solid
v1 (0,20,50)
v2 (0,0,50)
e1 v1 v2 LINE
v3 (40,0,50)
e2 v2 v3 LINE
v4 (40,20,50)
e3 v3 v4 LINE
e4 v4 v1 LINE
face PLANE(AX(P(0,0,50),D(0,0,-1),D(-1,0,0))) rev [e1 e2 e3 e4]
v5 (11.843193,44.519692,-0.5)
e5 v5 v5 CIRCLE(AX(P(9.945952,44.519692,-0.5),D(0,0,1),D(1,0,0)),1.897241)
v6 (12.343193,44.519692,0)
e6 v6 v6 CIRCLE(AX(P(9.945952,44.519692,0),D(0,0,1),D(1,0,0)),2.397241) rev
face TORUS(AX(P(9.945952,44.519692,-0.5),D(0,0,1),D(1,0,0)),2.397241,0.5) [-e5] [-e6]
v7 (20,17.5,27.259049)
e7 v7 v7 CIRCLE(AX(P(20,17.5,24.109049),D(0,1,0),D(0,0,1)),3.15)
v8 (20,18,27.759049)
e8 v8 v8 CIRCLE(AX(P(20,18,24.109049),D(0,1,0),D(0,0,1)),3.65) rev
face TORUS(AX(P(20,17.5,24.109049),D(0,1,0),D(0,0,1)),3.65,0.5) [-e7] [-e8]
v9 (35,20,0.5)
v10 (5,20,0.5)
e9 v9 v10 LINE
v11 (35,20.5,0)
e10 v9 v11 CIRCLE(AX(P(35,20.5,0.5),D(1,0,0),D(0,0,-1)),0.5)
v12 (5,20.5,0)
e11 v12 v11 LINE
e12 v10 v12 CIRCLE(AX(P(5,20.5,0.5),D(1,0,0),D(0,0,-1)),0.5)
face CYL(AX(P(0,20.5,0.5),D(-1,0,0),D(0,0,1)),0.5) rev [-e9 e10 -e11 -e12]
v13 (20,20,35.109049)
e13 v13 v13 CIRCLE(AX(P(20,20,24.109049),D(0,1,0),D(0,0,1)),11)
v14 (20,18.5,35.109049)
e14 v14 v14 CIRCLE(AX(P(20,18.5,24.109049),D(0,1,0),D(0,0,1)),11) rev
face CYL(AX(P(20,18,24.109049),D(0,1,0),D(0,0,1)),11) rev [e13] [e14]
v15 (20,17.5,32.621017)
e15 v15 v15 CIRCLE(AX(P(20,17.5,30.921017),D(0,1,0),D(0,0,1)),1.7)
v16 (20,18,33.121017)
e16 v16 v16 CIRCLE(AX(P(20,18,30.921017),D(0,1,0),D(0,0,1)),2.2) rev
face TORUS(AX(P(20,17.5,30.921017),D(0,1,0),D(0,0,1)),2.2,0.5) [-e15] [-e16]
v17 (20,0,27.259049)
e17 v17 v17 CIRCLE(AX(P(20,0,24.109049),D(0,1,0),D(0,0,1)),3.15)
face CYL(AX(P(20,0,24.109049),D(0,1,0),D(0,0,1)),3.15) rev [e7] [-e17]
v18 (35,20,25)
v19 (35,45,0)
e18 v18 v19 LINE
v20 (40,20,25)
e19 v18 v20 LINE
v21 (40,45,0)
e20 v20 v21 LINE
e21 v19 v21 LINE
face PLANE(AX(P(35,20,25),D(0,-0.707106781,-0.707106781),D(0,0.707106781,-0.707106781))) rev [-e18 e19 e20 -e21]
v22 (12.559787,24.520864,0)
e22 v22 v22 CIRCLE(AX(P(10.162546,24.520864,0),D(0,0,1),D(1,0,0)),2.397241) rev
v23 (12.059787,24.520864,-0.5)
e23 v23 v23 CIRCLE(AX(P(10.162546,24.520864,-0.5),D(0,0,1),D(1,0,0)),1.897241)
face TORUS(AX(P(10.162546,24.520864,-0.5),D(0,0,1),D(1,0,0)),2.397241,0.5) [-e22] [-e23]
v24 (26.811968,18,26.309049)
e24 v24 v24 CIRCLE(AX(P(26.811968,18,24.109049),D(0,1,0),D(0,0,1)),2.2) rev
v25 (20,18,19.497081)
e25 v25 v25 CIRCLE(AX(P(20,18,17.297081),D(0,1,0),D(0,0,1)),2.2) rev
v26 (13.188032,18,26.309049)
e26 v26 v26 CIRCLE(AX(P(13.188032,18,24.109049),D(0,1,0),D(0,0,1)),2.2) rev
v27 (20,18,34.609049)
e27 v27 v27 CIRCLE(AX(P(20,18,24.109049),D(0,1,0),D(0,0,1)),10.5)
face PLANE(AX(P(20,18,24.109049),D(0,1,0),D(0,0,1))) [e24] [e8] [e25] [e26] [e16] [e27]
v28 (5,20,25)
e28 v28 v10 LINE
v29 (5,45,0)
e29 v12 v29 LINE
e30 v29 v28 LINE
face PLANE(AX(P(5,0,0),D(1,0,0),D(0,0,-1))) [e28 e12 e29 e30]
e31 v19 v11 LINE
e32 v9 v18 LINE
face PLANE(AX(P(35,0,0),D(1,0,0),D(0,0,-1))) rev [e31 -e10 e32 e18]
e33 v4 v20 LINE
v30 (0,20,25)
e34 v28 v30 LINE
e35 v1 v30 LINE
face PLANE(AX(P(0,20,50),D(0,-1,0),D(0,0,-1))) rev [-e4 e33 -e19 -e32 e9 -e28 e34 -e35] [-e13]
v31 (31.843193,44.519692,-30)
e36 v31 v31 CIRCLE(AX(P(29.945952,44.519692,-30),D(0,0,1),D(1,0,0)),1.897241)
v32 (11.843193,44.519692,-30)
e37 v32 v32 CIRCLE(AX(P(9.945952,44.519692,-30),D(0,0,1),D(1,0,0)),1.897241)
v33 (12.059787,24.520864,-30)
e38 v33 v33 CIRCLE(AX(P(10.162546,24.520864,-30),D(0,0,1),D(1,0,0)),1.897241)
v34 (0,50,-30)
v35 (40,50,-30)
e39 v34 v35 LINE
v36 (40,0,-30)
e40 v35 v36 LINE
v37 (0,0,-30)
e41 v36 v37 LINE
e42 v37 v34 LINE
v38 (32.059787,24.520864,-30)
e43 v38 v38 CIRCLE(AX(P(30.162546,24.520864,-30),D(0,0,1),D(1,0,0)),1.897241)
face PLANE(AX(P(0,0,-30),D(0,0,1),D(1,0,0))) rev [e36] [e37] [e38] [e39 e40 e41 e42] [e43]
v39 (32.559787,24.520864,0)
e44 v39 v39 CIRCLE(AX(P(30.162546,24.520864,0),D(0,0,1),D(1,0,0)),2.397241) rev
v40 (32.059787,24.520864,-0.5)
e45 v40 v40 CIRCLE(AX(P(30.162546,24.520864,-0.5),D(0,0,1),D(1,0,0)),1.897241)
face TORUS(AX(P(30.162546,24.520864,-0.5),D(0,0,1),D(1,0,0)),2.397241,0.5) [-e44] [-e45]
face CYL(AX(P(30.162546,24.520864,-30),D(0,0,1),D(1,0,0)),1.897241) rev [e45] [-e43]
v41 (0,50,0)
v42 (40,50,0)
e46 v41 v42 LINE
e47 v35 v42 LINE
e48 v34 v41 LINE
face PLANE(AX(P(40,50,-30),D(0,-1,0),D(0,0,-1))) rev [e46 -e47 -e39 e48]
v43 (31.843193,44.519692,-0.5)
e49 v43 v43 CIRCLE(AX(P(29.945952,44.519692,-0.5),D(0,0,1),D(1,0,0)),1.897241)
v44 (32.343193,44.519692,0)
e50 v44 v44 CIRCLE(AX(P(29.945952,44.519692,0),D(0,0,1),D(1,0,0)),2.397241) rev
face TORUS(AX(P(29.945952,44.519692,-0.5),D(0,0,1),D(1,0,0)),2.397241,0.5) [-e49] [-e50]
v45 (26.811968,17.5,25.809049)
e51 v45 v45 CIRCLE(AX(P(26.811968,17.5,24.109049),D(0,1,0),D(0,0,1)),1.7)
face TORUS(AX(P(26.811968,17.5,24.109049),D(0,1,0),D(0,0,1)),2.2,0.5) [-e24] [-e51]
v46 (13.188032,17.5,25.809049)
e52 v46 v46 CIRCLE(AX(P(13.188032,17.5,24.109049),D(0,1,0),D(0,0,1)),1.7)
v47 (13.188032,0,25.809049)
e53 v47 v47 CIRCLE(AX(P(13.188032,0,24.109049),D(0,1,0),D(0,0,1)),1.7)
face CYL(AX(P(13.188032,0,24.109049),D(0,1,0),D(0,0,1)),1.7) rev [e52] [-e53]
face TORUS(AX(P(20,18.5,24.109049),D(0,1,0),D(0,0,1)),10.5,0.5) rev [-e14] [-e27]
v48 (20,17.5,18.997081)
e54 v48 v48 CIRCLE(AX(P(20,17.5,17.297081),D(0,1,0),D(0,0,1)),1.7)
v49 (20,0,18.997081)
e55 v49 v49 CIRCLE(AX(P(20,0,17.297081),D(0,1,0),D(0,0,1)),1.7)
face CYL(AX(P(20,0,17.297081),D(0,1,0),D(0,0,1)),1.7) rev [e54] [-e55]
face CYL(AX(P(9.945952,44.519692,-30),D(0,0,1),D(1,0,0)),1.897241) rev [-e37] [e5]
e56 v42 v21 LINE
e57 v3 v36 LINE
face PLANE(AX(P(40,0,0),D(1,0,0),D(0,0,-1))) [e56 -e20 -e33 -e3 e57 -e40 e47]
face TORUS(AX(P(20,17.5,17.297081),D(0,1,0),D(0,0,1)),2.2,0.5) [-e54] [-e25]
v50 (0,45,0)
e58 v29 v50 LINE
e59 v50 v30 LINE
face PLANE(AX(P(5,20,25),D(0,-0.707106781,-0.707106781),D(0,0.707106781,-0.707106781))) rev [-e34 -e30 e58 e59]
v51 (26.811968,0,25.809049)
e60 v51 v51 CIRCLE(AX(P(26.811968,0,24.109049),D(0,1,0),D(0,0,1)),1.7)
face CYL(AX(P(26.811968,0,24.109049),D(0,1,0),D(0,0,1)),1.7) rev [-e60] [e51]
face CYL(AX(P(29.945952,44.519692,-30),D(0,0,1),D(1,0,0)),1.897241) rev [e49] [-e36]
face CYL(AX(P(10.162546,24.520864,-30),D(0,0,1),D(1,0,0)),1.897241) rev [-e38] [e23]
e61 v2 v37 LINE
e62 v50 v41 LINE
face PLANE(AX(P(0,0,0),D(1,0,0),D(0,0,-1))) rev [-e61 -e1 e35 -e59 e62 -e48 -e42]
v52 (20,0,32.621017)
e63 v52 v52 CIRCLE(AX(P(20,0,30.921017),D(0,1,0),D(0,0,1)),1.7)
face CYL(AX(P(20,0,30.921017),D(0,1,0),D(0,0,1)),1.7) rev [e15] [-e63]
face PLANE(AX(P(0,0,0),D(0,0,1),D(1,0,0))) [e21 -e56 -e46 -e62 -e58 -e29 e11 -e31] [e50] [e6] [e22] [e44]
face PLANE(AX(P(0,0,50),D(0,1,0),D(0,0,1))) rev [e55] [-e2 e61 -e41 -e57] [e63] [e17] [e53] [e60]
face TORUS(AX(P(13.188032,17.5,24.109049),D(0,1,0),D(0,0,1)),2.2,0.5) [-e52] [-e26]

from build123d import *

# Parameters (mm, degrees)
SKETCH2_W           = 40
SKETCH2_H           = 20
BOSS_EXTRUDE1_DEPTH = 50
SKETCH3_R           = 3.15
CUT_EXTRUDE2_DEPTH  = 68.082039325
SKETCH5_R           = 11
CUT_EXTRUDE4_DEPTH  = 2
SKETCH9_W           = 40
SKETCH9_H           = 50
BOSS_EXTRUDE2_DEPTH = 30
SKETCH10_R          = 1.7
CUT_EXTRUDE5_DEPTH  = 72.582120673
SKETCH11_R          = 1.89724105
CUT_EXTRUDE6_DEPTH  = 82.240384046
SKETCH11_3_R        = 1.89724105
CUT_EXTRUDE7_DEPTH  = 82.240384046
GUSSET1_THICKNESS   = 5
GUSSET2_THICKNESS   = 5
FILLET7_R           = 0.5
FILLET8_R           = 0.5


with BuildPart() as part:
    # Sketch2 → Boss-Extrude1 (new body)
    with BuildSketch(Plane.XY):
        with Locations((20, 10)):
            Rectangle(SKETCH2_W, SKETCH2_H)
    extrude(amount=BOSS_EXTRUDE1_DEPTH)

    # Sketch3 → Cut-Extrude2 (cut, through all)
    with BuildSketch(Plane(origin=(0, 20, 0), x_dir=(1, 0, 0), z_dir=(0, 1, 0))):
        with Locations(Location((20, -24.109049032, 0), (0, 0, 270))):
            Circle(SKETCH3_R)
    extrude(amount=-CUT_EXTRUDE2_DEPTH, mode=Mode.SUBTRACT)

    # Sketch5 → Cut-Extrude4 (cut)
    with BuildSketch(Plane(origin=(0, 20, 0), x_dir=(1, 0, 0), z_dir=(0, 1, 0))):
        with Locations(Location((20, -24.109049032, 0), (0, 0, 270))):
            Circle(SKETCH5_R)
    extrude(amount=-CUT_EXTRUDE4_DEPTH, mode=Mode.SUBTRACT)

    # Sketch9 → Boss-Extrude2 (add)
    with BuildSketch(Plane(origin=(0, 0, 0), x_dir=(-1, 0, 0), z_dir=(0, 0, -1))):
        with Locations((-20, 25)):
            Rectangle(SKETCH9_W, SKETCH9_H)
    extrude(amount=BOSS_EXTRUDE2_DEPTH)

    # Sketch10 → Cut-Extrude5 (cut, through all)
    with BuildSketch(Plane(origin=(0, 18, 0), x_dir=(1, 0, 0), z_dir=(0, 1, 0))):
        with Locations(Location((20, -17.297080962, 0), (0, 0, 270))):
            Circle(SKETCH10_R)
        with Locations(Location((26.81196807, -24.109049032, 0), (0, 0, 270))):
            Circle(SKETCH10_R)
        with Locations(Location((20, -30.921017102, 0), (0, 0, 270))):
            Circle(SKETCH10_R)
        with Locations(Location((13.18803193, -24.109049032, 0), (0, 0, 270))):
            Circle(SKETCH10_R)
    extrude(amount=-CUT_EXTRUDE5_DEPTH, mode=Mode.SUBTRACT)

    # Sketch11 → Cut-Extrude6 (cut, through all)
    with BuildSketch(Plane.XY):
        with Locations((9.945952342, 44.519691573)):
            Circle(SKETCH11_R)
    extrude(amount=-CUT_EXTRUDE6_DEPTH, mode=Mode.SUBTRACT)

    # Sketch11<3> → Cut-Extrude7 (cut, through all)
    with BuildSketch(Plane.XY):
        with Locations((9.945952342, 44.519691573)):
            Circle(SKETCH11_3_R)
        with Locations((29.945952342, 44.519691573)):
            Circle(SKETCH11_3_R)
        with Locations((30.162546138, 24.520864429)):
            Circle(SKETCH11_3_R)
        with Locations((10.162546138, 24.520864429)):
            Circle(SKETCH11_3_R)
    extrude(amount=-CUT_EXTRUDE7_DEPTH, mode=Mode.SUBTRACT)

    # Fillet7
    fillet7_edges = [part.edges().sort_by_distance(p)[0] for p in [
        (20, 18, 13.109049032),
        (20, 20, 0),
        (8.048711292, 44.519691573, 0),
        (8.265305088, 24.520864429, 0),
        (28.265305088, 24.520864429, 0),
        (28.048711292, 44.519691573, 0),
    ]]
    fillet(fillet7_edges, radius=FILLET7_R)

    # Fillet8
    fillet8_edges = [part.edges().sort_by_distance(p)[0] for p in [
        (20, 18, 20.959049032),
        (20, 18, 15.597080962),
        (26.81196807, 18, 22.409049032),
        (20, 18, 29.221017102),
        (13.18803193, 18, 22.409049032),
    ]]
    fillet(fillet8_edges, radius=FILLET8_R)


with BuildPart() as body_2:
    # Gusset1: a gusset: a plate 5.0 thick in the corner of two members, its outline drawn in place
    gusset1_outline = Wire([Line((0, 20, 0), (0, 20, 25)), Line((0, 20, 25), (0, 45, 0)), Line((0, 45, 0), (0, 20, 0))])
    add(extrude(Face(gusset1_outline), amount=GUSSET1_THICKNESS, dir=(1, 0, 0)))


with BuildPart() as body_3:
    # Gusset2: a gusset: a plate 5.0 thick in the corner of two members, its outline drawn in place
    gusset2_outline = Wire([Line((35, 20, 0), (35, 20, 25)), Line((35, 20, 25), (35, 45, 0)), Line((35, 45, 0), (35, 20, 0))])
    add(extrude(Face(gusset2_outline), amount=GUSSET2_THICKNESS, dir=(1, 0, 0)))


with BuildPart() as body_2_1:
    add(body_2.part)

    # Combine1: union body 3, part
    add(body_3.part)
    add(part.part)


solid = body_2_1.part
